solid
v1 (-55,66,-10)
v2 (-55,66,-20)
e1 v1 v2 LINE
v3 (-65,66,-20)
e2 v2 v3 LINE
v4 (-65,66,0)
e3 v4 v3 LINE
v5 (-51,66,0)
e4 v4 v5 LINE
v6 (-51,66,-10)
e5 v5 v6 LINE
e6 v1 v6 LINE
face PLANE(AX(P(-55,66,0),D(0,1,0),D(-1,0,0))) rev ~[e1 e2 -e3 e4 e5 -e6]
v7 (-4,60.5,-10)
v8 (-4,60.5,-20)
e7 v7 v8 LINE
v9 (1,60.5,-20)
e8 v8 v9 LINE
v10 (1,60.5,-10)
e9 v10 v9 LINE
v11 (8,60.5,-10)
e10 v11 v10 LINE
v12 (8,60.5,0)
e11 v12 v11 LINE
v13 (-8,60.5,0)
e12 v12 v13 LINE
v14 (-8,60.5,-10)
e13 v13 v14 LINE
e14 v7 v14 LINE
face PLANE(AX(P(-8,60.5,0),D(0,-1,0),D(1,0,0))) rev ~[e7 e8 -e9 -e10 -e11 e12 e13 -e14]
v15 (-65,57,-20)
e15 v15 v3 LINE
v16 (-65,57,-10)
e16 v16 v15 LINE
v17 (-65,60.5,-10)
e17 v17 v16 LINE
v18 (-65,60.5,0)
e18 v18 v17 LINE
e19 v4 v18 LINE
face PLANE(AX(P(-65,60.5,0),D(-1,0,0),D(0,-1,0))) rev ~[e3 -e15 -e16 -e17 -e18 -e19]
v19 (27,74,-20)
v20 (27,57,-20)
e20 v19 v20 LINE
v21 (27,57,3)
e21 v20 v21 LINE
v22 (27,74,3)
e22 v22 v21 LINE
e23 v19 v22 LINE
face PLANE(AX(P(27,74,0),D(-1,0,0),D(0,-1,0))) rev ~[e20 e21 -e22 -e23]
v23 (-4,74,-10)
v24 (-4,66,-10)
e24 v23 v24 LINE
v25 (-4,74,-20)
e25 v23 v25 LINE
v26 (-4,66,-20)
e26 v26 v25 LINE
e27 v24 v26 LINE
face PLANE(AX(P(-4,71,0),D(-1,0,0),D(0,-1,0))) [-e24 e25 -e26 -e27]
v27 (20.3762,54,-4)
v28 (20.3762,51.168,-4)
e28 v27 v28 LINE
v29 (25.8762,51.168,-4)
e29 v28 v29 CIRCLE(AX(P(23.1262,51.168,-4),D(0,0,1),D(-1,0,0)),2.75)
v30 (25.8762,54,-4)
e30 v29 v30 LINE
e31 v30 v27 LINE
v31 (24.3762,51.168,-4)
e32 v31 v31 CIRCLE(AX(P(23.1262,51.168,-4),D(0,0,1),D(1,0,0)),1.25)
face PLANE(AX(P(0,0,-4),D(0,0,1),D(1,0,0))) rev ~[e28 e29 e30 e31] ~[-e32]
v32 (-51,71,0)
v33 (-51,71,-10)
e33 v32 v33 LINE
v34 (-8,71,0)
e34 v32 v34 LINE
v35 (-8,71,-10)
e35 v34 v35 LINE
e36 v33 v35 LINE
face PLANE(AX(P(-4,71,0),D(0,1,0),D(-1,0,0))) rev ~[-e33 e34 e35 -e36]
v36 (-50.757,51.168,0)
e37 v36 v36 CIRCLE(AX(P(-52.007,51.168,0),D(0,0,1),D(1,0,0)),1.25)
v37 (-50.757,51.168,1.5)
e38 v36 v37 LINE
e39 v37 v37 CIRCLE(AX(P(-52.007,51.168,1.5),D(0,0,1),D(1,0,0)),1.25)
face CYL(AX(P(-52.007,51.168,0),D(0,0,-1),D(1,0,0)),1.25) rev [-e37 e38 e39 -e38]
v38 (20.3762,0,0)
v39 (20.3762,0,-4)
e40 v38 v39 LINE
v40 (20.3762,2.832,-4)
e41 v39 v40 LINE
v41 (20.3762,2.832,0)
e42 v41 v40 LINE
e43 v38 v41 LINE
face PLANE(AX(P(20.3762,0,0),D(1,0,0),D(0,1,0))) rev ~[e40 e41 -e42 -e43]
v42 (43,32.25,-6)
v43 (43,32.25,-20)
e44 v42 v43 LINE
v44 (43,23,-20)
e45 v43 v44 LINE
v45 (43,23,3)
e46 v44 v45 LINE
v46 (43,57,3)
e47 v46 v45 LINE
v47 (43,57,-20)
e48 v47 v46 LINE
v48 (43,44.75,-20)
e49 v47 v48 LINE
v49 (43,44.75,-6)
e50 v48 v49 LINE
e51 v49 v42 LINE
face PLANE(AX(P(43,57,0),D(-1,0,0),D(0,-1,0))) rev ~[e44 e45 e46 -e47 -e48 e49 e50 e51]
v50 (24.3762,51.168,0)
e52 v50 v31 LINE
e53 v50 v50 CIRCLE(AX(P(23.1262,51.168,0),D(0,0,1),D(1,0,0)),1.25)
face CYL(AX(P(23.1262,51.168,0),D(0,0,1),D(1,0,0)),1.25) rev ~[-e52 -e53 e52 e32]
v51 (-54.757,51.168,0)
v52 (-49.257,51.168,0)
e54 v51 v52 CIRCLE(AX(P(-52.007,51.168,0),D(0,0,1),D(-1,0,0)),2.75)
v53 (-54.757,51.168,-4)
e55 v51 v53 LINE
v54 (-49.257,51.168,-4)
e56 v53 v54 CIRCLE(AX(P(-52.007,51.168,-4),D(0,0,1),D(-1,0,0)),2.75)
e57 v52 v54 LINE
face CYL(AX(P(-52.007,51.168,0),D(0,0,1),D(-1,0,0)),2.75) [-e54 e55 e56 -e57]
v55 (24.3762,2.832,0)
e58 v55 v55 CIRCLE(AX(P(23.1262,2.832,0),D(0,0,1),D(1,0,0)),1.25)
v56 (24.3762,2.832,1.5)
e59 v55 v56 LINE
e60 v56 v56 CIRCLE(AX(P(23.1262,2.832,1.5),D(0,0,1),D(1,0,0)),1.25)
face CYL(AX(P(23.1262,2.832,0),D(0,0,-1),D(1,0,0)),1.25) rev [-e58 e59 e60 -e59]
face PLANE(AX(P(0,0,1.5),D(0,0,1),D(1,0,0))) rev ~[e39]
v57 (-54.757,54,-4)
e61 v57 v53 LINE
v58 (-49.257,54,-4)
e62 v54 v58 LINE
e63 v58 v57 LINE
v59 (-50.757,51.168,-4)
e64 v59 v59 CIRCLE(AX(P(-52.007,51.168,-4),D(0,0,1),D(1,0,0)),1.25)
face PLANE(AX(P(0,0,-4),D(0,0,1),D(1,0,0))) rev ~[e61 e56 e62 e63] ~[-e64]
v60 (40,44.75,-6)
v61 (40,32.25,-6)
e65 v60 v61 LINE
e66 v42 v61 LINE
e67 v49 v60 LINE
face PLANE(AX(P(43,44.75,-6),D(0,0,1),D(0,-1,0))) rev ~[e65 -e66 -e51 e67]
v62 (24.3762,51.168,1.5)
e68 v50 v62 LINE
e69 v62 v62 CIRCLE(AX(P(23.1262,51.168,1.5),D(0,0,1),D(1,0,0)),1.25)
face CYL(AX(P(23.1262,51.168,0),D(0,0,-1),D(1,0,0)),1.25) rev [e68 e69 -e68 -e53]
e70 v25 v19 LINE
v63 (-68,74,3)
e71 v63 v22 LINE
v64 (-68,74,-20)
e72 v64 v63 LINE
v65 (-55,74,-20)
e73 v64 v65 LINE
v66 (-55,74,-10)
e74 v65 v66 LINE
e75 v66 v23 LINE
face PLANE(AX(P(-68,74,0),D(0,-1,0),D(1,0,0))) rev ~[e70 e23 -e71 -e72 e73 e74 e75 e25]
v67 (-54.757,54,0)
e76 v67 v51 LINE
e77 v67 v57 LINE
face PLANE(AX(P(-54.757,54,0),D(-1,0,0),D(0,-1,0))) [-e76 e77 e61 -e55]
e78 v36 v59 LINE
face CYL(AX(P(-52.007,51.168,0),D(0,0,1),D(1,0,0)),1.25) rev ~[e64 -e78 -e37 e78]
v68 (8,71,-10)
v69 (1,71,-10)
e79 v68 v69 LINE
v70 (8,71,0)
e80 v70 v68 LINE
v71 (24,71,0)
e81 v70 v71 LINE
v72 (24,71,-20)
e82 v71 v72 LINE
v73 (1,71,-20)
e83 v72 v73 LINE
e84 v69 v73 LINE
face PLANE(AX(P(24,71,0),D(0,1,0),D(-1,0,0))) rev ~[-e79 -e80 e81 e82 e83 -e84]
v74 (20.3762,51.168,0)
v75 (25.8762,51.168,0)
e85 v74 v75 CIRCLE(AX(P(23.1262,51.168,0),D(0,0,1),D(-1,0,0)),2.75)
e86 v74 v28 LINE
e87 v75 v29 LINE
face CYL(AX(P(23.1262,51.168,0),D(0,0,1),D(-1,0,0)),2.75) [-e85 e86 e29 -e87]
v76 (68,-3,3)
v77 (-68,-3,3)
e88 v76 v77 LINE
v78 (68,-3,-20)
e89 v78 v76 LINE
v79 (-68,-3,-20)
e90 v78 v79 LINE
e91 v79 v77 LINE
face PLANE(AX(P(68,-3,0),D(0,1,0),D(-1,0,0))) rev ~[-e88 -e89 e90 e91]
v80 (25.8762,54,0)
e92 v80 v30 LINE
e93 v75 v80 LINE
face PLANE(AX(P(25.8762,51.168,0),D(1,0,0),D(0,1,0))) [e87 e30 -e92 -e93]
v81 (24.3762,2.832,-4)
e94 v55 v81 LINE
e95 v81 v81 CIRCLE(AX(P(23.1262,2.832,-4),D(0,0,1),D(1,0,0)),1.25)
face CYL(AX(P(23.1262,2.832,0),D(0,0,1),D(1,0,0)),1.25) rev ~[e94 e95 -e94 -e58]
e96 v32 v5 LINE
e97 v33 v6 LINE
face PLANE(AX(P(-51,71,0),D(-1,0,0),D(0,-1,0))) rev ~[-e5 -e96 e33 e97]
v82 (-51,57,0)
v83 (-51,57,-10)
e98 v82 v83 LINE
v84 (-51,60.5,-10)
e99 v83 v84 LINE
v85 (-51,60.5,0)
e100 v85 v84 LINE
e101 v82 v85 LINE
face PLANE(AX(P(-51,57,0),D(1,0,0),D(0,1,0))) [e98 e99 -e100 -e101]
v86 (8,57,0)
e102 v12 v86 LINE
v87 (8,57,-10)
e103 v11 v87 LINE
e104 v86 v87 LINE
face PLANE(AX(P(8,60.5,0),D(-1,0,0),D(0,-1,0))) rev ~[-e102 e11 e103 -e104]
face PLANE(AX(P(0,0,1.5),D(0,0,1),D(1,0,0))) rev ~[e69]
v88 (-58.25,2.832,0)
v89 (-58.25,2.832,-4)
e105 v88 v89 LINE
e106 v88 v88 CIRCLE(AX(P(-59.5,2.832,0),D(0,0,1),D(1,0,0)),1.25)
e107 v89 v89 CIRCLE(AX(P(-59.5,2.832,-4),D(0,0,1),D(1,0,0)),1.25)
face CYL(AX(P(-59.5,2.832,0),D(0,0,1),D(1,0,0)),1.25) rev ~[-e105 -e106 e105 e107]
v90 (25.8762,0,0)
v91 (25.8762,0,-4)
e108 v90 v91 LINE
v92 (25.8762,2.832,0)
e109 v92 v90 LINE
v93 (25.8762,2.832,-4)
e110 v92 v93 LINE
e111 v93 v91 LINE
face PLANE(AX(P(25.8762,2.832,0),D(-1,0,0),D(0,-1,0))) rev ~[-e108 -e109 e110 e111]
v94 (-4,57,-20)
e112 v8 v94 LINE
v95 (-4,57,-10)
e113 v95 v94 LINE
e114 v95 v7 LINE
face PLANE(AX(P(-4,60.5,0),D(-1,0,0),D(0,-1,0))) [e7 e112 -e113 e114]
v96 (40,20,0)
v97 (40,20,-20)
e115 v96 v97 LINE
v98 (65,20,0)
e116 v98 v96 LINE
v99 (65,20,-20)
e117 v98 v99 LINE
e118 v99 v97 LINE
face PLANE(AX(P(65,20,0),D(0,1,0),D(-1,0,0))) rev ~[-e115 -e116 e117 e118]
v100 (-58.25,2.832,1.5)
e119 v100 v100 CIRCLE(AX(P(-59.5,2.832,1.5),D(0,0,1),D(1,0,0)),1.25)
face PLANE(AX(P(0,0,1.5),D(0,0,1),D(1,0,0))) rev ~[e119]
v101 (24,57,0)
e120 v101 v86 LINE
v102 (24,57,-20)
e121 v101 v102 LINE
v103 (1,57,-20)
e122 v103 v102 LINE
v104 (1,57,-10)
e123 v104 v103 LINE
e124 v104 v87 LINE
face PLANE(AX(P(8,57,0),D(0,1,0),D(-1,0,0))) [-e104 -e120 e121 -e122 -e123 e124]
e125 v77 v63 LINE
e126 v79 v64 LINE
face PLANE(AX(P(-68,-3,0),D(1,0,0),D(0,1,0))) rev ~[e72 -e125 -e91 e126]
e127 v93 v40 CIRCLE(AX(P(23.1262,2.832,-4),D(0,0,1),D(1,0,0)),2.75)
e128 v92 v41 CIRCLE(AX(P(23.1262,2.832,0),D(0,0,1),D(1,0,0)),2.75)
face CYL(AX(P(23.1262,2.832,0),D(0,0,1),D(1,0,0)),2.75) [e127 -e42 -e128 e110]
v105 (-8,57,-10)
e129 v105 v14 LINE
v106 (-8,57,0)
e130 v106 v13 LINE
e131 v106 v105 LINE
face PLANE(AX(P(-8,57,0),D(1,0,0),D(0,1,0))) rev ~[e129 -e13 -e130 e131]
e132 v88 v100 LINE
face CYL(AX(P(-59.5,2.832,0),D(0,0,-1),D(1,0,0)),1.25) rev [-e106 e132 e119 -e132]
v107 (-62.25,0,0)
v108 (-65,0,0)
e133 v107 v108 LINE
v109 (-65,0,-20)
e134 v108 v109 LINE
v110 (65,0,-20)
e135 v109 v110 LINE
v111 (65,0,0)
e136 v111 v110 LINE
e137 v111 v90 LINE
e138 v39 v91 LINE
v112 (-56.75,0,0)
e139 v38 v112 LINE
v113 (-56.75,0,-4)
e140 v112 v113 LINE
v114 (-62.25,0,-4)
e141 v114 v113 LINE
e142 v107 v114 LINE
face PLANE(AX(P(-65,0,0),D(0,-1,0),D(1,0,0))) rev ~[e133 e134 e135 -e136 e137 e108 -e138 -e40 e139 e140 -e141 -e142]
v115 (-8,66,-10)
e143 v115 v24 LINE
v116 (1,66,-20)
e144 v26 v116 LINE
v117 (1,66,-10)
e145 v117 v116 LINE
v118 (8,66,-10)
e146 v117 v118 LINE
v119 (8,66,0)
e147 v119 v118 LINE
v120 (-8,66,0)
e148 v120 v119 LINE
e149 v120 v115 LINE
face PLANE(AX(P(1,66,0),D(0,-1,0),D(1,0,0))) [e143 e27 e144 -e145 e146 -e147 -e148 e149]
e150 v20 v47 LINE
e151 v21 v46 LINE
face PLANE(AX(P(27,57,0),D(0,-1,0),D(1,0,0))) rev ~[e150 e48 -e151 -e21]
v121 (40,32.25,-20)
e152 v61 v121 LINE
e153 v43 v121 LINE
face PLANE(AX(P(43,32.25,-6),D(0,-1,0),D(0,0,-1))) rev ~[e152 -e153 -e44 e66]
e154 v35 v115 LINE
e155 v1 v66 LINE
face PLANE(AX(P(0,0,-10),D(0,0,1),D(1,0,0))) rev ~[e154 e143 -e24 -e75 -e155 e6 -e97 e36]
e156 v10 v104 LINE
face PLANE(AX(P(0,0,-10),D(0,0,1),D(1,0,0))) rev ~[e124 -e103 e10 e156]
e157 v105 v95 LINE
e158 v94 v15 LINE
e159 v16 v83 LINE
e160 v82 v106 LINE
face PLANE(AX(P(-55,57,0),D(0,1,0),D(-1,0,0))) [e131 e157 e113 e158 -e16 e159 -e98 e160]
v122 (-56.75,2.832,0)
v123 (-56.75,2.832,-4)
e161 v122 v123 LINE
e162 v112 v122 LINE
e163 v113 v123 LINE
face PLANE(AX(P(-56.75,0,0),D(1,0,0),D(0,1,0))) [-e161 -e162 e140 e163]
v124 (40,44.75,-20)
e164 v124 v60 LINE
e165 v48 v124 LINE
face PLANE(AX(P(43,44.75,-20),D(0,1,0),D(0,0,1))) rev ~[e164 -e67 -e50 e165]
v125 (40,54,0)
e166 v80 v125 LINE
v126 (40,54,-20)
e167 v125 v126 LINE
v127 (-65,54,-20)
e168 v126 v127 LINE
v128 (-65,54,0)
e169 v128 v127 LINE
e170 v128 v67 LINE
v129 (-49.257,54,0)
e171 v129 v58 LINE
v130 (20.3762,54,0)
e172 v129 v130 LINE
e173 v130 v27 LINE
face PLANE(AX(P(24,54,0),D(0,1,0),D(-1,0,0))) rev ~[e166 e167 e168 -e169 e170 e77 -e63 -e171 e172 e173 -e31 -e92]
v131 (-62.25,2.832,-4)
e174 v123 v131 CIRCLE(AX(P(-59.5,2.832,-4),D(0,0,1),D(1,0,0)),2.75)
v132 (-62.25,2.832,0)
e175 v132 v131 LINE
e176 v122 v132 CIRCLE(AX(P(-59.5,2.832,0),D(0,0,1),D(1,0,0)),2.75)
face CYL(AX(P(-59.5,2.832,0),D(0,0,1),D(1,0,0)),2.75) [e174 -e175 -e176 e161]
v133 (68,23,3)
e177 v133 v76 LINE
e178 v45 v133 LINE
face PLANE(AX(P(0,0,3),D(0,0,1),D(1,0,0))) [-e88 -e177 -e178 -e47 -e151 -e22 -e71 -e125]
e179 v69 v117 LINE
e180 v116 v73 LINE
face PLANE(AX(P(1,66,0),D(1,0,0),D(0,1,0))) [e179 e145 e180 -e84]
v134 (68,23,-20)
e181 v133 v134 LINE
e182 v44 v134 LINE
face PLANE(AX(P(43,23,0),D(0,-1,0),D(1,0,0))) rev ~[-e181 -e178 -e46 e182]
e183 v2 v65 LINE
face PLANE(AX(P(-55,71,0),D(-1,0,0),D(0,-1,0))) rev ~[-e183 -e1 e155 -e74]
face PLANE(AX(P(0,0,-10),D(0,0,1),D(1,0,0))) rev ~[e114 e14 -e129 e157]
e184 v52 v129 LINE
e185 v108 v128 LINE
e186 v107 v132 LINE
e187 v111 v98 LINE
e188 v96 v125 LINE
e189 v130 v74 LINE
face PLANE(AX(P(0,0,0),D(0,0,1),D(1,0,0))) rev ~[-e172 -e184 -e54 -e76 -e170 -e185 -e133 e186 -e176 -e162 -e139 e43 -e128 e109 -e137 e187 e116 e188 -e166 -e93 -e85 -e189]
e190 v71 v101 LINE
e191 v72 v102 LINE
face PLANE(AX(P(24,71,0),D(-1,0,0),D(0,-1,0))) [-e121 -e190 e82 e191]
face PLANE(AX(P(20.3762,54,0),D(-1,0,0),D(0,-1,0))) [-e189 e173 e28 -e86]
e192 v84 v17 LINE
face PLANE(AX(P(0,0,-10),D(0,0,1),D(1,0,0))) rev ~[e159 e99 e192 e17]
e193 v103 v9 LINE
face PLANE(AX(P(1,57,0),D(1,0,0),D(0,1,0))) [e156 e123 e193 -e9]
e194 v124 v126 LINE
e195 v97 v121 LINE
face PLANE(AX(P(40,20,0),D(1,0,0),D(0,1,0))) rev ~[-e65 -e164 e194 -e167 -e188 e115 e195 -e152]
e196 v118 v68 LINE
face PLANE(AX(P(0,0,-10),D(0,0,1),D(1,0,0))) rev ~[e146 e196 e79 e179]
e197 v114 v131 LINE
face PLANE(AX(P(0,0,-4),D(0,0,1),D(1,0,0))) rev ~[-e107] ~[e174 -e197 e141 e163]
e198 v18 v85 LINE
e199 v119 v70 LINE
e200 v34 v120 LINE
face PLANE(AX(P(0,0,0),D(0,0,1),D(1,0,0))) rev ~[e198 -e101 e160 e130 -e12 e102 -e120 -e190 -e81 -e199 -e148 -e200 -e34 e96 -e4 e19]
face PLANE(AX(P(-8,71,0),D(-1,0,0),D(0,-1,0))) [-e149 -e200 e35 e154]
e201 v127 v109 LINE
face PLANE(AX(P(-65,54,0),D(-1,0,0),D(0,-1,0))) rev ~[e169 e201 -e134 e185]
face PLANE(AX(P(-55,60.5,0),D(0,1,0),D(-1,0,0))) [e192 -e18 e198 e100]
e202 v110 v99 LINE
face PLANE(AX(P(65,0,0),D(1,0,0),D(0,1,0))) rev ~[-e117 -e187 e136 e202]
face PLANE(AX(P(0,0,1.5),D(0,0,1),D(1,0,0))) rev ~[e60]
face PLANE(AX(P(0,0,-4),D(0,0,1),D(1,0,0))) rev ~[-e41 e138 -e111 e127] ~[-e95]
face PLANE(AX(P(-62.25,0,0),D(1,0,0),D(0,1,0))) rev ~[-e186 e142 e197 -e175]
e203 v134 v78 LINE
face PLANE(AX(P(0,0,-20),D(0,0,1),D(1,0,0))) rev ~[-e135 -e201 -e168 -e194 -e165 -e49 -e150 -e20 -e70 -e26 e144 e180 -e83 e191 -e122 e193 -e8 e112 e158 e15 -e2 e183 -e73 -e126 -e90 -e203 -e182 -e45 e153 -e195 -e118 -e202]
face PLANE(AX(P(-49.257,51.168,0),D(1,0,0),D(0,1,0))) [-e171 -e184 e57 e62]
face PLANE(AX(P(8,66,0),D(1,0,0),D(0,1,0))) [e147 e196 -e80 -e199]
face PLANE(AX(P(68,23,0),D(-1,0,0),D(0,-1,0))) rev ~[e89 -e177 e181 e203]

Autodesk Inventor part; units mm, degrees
ref_plane "YZ Plane" through (0, 0, 0) normal (1, 0, 0) x (0, 1, 0)
ref_plane "XZ Plane" through (0, 0, 0) normal (0, 1, 0) x (-1, 0, 0)
ref_plane "XY Plane" through (0, 0, 0) normal (0, 0, 1) x (1, 0, 0)
sketch "Skizze1" plane through (0, 0, 0) normal (0, 0, 1) x (1, 0, 0)
  line L0 (-65, 0) -> (65, 0)
  line L1 (65, 0) -> (65, 20)
  line L2 (65, 20) -> (40, 20)
  line L3 (40, 20) -> (40, 54)
  line L4 (-65, 41) -> (-65, 0)
  line L5 (-65, 41) -> (-65, 41)
  line L6 (-65, 54) -> (-65, 54)
  line L7 (-65, 54) -> (-65, 41)
  line L8 (24, 71) -> (24, 54)
  line L9 (24, 54) -> (40, 54)
  circle A0 centre (-59.5, 2.832) radius 1.25
  circle A1 centre (23.1262, 2.832) radius 1.25
  circle A2 centre (23.1262, 51.168) radius 1.25
  circle A3 centre (-52.007, 51.168) radius 1.25
  line L10 (25.8762, 2.832) -> (25.8762, 0)
  line L11 (25.8762, 0) -> (20.3762, 0)
  line L12 (20.3762, 0) -> (20.3762, 2.832)
  arc A4 (25.8762, 2.832) -> (20.3762, 2.832) centre (23.1262, 2.832) ccw
  line L13 (-56.75, 0) -> (-56.75, 2.832)
  line L14 (-62.25, 0) -> (-62.25, 2.832)
  line L15 (-56.75, 0) -> (-62.25, 0)
  arc A5 (-56.75, 2.832) -> (-62.25, 2.832) centre (-59.5, 2.832) ccw
  line L16 (25.8762, 51.168) -> (25.8762, 54)
  line L17 (25.8762, 54) -> (20.3762, 54)
  line L18 (20.3762, 54) -> (20.3762, 51.168)
  arc A6 (20.3762, 51.168) -> (25.8762, 51.168) centre (23.1262, 51.168) ccw
  line L19 (-49.257, 51.168) -> (-49.257, 54)
  line L20 (-49.257, 54) -> (-54.757, 54)
  line L21 (-54.757, 54) -> (-54.757, 51.168)
  arc A7 (-54.757, 51.168) -> (-49.257, 51.168) centre (-52.007, 51.168) ccw
  line L22 (-65, 54) -> (24, 54)
  line L23 (24, 54) -> (24, 57)
  line L24 (24, 57) -> (-65, 57)
  line L25 (-65, 57) -> (-65, 54)
  line L26 (24, 71) -> (-65, 71)
  line L27 (-65, 71) -> (-65, 54)
  line L28 (43, 23) -> (68, 23)
  line L29 (68, 23) -> (68, -3)
  line L30 (68, -3) -> (-68, -3)
  line L31 (-68, -3) -> (-68, 44)
  line L32 (-68, 44) -> (-68, 44)
  line L33 (-68, 44) -> (-68, 57)
  line L34 (-68, 57) -> (-68, 57)
  line L35 (-68, 57) -> (-68, 74)
  line L36 (-68, 74) -> (27, 74)
  line L37 (27, 74) -> (27, 57)
  line L38 (27, 57) -> (43, 57)
  line L39 (43, 57) -> (43, 23)
  line L40 (-65, 71) -> (-51, 71)
  line L41 (-51, 71) -> (-51, 66)
  line L42 (-51, 66) -> (-65, 66)
  line L43 (-65, 66) -> (-65, 71)
  line L44 (8, 71) -> (-8, 71)
  line L45 (-8, 71) -> (-8, 66)
  line L46 (-8, 66) -> (8, 66)
  line L47 (8, 66) -> (8, 71)
  line L48 (-65, 71) -> (-55, 71)
  line L49 (-55, 71) -> (-55, 66)
  line L50 (-55, 66) -> (-65, 66)
  line L51 (-65, 66) -> (-65, 71)
  line L52 (1, 71) -> (-4, 71)
  line L53 (-4, 71) -> (-4, 66)
  line L54 (-4, 66) -> (1, 66)
  line L55 (1, 66) -> (1, 71)
  line L56 (8, 71) -> (1, 71)
  line L57 (1, 71) -> (1, 66)
  line L58 (1, 66) -> (8, 66)
  line L59 (8, 66) -> (8, 71)
  line L60 (-4, 71) -> (-8, 71)
  line L61 (-8, 71) -> (-8, 66)
  line L62 (-8, 66) -> (-4, 66)
  line L63 (-4, 66) -> (-4, 71)
  line L64 (8, 57) -> (-8, 57)
  line L65 (-8, 57) -> (-8, 60.5)
  line L66 (-8, 60.5) -> (8, 60.5)
  line L67 (8, 60.5) -> (8, 57)
  line L68 (1, 60.5) -> (-4, 60.5)
  line L69 (-4, 60.5) -> (-4, 57)
  line L70 (-4, 57) -> (1, 57)
  line L71 (1, 57) -> (1, 60.5)
  line L72 (-65, 57) -> (-51, 57)
  line L73 (-51, 57) -> (-51, 60.5)
  line L74 (-51, 60.5) -> (-65, 60.5)
  line L75 (-65, 60.5) -> (-65, 57)
  line L76 (-55, 60.5) -> (-65, 60.5)
  line L77 (-65, 60.5) -> (-65, 57)
  line L78 (-65, 57) -> (-55, 57)
  line L79 (-55, 57) -> (-55, 60.5)
  point P0 (0, 0)
  point P1 (0, 0)
  point P2 (0, 0)
  dimension "d0" = 130
  dimension "d1" = 25
  dimension "d8" = 20
  dimension "d9" = 41
  dimension "d11" = 54
  dimension "d42" = 5.5
  dimension "d43" = 82.6262
  dimension "d44" = 2.5
  dimension "d45" = 2.832
  dimension "d46" = 7.493
  dimension "d47" = 48.336
  dimension "d48" = 5.5
  dimension "d49" = 5.5
  dimension "d50" = 5.5
  dimension "d51" = 5.5
  dimension "d52" = 3
  dimension "d57" = 0
  dimension "d58" = 89
  dimension "d59" = 71
  dimension "d60" = 3
  dimension "d61" = 2.832
  dimension "d70" = 16
  dimension "d71" = 14
  dimension "d72" = 5
  dimension "d73" = 43
  dimension "d76" = 10
  dimension "d79" = 51
  dimension "d80" = 5
  dimension "d83" = 5.5
  dimension "d84" = 0
extrude "Extrusion1" add sketch "Skizze1" along normal blind 3 contours L4 L7 L22 L21 A7 L19 L18 A6 L16 L9 L3 L2 L1 L0 L10 A4 L12 L13 A5 L14 | L14 A5 L13 L0 | L25 L24 L8 L17 L22 L20 | L12 A4 L10 L0 | L20 L19 A7 L21 | L27 L74 L79 L24 | L79 L74 L73 L24 | L27 L42 L41 L26 L45 L46 L47 L8 L24 L67 L66 L65 L73 L74 | L17 L9 L16 A6 L18 | L27 L26 L49 L42 | L65 L66 L69 L24 | L49 L26 L41 L42 | L69 L66 L71 L24 | L24 L71 L66 L67 | L47 L46 L55 L26 | L26 L53 L46 L45 | L55 L46 L53 L26 | A0 | A1 | A2 | A3 | L28 L29 L30 L31 L33 L35 L36 L37 L38 L39
extrude "Extrusion2" add sketch "Skizze1" against normal blind 20 contours L25 L24 L8 L17 L22 L20 | L27 L26 L49 L42 | L69 L66 L71 L24 | L55 L46 L53 L26 | L28 L29 L30 L31 L33 L35 L36 L37 L38 L39
sketch "Skizze2" plane through (43, 23, 3) normal (1, 0, 0) x (0, 0, -1)
  line L0 (23, 21.75) -> (9, 21.75)
  line L1 (9, 21.75) -> (9, 9.25)
  line L2 (9, 9.25) -> (23, 9.25)
  line L3 (23, 9.25) -> (23, 21.75)
  line L4 (23, 0) -> (0, 0) projected
  line L5 (23, 34) -> (23, 0) projected
  point P0 (3, -23)
  dimension "d62" = 9.25
  dimension "d63" = 21.75
  dimension "d64" = 14
extrude "Extrusion3" cut sketch "Skizze2" against normal up to surface (3 mm away)
extrude "Extrusion6" add sketch "Skizze1" against normal blind 10 contours L27 L74 L79 L24 | L79 L74 L73 L24 | L27 L26 L49 L42 | L65 L66 L69 L24 | L49 L26 L41 L42 | L69 L66 L71 L24 | L24 L71 L66 L67 | L47 L46 L55 L26 | L26 L53 L46 L45 | L55 L46 L53 L26
extrude "Extrusion4" add sketch "Skizze1" against normal blind 4 contours L14 A5 L13 L0 | L12 A4 L10 L0 | L20 L19 A7 L21 | L17 L9 L16 A6 L18
extrude "Extrusion7" cut sketch "Skizze1" along normal blind 1.5 contours A0 | A1 | A2 | A3
sketch "Skizze3" plane through (-68, 74, 3) normal (0, 1, 0) x (1, 0, 0)
  line L0 (0, 0) -> (0, 23) projected
  line L1 (95, 0) -> (0, 0) projected
  line L2 (0, 23) -> (95, 23) projected
  line L3 (13, 13) -> (64, 13)
  line L4 (64, 13) -> (64, 23)
  line L5 (64, 23) -> (13, 23)
  line L6 (13, 23) -> (13, 13)
  point P0 (68, 3)
  dimension "d65" = 13
  dimension "d66" = 13
  dimension "d67" = 51
extrude "Extrusion5" cut sketch "Skizze3" against normal up to surface (3 mm away)
properties part number "Basis"
